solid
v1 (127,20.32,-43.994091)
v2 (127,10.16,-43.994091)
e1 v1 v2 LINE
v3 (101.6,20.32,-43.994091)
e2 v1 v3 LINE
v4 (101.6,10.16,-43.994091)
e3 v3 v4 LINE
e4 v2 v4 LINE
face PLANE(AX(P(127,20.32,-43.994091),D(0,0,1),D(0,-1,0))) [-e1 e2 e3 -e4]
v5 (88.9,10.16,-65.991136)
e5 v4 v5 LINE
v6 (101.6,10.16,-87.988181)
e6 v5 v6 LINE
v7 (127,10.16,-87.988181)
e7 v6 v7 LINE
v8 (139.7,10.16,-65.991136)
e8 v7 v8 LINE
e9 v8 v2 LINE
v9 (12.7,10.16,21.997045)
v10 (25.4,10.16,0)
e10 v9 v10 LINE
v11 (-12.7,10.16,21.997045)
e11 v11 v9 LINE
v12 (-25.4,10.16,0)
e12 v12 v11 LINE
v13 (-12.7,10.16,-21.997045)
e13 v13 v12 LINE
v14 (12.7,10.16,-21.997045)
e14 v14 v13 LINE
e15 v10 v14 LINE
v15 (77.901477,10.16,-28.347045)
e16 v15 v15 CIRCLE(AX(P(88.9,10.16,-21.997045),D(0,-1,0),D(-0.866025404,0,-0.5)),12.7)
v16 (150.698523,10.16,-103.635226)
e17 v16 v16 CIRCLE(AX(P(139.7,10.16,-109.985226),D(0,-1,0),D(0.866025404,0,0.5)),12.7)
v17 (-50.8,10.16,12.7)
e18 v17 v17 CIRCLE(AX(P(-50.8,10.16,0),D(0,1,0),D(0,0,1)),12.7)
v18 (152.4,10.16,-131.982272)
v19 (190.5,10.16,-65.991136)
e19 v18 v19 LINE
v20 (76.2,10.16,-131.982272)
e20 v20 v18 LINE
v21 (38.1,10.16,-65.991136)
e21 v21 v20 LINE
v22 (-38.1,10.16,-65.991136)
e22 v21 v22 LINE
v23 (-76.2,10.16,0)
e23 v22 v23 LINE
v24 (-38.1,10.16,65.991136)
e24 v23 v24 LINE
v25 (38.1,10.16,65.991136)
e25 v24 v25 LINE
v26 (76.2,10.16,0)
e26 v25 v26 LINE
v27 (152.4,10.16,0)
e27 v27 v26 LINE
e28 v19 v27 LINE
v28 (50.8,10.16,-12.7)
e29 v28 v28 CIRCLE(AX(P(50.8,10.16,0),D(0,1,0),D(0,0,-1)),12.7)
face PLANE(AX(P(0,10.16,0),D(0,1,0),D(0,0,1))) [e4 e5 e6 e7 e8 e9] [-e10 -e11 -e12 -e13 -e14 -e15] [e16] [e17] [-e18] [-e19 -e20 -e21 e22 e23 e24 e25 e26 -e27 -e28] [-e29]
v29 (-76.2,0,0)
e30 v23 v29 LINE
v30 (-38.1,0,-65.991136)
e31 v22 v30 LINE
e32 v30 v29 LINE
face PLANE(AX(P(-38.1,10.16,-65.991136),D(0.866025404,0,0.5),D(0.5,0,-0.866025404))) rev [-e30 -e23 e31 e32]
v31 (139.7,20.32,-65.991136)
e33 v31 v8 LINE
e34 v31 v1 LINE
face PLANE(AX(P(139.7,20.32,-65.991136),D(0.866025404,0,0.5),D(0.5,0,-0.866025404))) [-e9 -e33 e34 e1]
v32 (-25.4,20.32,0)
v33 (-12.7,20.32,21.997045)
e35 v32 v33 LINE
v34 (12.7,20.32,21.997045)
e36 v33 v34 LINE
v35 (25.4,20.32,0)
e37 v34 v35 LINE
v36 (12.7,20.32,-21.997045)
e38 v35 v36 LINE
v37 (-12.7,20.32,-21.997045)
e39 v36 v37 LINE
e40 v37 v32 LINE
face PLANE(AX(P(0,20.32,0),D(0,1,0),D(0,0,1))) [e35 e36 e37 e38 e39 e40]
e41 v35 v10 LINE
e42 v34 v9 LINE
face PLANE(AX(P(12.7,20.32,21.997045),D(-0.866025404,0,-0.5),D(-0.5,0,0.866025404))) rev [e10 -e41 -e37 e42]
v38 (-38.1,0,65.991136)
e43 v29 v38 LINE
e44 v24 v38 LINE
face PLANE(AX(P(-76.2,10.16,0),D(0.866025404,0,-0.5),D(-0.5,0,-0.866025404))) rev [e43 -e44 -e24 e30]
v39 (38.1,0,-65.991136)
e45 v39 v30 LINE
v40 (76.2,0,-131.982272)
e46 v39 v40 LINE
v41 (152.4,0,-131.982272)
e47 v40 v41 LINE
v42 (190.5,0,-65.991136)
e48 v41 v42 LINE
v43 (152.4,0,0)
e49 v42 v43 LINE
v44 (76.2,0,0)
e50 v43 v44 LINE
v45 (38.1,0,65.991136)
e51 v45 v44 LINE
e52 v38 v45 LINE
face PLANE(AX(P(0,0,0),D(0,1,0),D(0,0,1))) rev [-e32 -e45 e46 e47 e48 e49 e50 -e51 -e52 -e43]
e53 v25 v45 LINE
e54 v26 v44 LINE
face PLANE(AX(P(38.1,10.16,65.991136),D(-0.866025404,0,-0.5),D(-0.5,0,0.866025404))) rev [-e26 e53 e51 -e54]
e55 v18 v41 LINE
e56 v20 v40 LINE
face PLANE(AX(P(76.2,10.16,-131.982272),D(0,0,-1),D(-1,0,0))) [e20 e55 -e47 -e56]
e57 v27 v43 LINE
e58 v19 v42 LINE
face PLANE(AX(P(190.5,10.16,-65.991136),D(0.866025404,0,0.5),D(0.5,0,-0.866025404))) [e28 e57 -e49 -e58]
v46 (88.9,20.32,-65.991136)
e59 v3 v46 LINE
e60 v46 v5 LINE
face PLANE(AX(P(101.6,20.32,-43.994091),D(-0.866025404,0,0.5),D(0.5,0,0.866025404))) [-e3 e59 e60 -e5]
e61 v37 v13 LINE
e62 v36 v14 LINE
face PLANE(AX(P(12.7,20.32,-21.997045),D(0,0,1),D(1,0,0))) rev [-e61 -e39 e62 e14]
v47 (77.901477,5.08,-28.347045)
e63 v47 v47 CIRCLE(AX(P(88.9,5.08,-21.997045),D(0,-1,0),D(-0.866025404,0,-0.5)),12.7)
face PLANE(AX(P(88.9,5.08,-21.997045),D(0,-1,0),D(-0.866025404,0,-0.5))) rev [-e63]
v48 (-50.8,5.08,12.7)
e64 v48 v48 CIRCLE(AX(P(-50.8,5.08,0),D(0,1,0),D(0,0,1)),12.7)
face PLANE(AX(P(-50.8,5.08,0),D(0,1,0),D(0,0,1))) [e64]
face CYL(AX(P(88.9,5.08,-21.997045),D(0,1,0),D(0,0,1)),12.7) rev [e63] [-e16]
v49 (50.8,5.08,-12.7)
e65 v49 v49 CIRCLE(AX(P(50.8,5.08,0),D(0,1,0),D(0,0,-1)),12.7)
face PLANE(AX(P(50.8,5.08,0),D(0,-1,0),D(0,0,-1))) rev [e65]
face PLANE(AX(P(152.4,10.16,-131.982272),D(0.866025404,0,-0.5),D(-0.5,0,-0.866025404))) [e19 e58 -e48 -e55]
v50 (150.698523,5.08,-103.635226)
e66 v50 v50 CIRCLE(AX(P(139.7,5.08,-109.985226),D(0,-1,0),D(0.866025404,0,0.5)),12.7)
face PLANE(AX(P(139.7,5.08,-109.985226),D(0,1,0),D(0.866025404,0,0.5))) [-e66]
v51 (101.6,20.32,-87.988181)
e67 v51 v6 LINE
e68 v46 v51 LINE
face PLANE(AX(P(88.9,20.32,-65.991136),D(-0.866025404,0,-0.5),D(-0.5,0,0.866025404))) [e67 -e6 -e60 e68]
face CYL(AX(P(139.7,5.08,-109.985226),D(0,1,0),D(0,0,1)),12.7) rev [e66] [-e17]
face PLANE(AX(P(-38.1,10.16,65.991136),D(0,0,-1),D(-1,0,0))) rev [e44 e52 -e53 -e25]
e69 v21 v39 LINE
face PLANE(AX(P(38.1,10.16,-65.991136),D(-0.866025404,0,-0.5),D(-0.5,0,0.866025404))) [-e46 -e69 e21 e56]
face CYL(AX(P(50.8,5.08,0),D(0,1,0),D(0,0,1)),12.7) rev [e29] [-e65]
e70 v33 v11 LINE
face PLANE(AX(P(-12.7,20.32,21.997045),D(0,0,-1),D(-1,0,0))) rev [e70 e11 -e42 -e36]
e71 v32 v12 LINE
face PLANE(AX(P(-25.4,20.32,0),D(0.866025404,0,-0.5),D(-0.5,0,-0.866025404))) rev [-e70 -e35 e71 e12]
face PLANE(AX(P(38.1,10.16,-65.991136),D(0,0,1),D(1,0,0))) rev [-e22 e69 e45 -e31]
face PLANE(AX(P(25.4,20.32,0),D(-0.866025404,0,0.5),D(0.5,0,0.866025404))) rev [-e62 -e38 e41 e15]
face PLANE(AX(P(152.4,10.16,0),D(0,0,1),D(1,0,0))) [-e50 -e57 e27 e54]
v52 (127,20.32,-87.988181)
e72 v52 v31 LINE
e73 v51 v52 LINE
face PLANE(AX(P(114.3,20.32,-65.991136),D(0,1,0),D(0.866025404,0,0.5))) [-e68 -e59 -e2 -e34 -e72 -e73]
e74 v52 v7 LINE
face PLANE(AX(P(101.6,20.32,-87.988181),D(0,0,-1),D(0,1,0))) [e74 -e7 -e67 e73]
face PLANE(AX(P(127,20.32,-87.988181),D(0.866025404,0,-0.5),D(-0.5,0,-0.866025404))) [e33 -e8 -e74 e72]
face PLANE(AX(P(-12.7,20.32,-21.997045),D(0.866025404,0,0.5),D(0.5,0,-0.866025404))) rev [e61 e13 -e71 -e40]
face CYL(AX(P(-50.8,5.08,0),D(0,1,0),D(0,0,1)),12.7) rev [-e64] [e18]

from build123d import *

# Parameters (mm, degrees)
BOSS_EXTRUDE1_DEPTH = 10.16
SKETCH2_R           = 12.7
CUT_EXTRUDE1_DEPTH  = 5.08
BOSS_EXTRUDE2_DEPTH = 10.16


with BuildPart() as part:
    # Sketch1 → Boss-Extrude1 (new body)
    with BuildSketch(Plane(origin=(0, 0, 0), x_dir=(1, 0, 0), z_dir=(0, 1, 0))):
        Polygon((38.1, 65.991135768), (-38.1, 65.991135768), (-76.2, 0), (-38.1, -65.991135768), (38.1, -65.991135768), (76.2, 0), align=None)
    boss_extrude1 = extrude(amount=BOSS_EXTRUDE1_DEPTH)

    # Sketch2 → Cut-Extrude1 (cut)
    with BuildSketch(Plane(origin=(0, 10.16, 0), x_dir=(1, 0, 0), z_dir=(0, 1, 0))):
        with Locations((-50.8, 0)):
            Circle(SKETCH2_R)
        with Locations((50.8, 0)):
            Circle(SKETCH2_R)
    cut_extrude1 = extrude(amount=-CUT_EXTRUDE1_DEPTH, mode=Mode.SUBTRACT)

    # Mirror1: Boss-Extrude1, Cut-Extrude1 across plane
    add(boss_extrude1.mirror(Plane(origin=(76.2, 10.16, 0), x_dir=(0.5, 0, 0.866025404), z_dir=(-0.866025404, 0, 0.5))))
    add(cut_extrude1.mirror(Plane(origin=(76.2, 10.16, 0), x_dir=(0.5, 0, 0.866025404), z_dir=(-0.866025404, 0, 0.5))), mode=Mode.SUBTRACT)

    # Sketch3 → Boss-Extrude2 (add)
    with BuildSketch(Plane(origin=(0, 10.16, 0), x_dir=(1, 0, 0), z_dir=(0, 1, 0))):
        Polygon((12.7, 21.997045256), (-12.7, 21.997045256), (-25.4, 0), (-12.7, -21.997045256), (12.7, -21.997045256), (25.4, 0), align=None)
    boss_extrude2 = extrude(amount=BOSS_EXTRUDE2_DEPTH)

    # Mirror2: Boss-Extrude2 across plane
    add(boss_extrude2.mirror(Plane(origin=(57.15, 0, -32.995567884), x_dir=(0.5, 0, 0.866025404), z_dir=(0.866025404, 0, -0.5))))


solid = part.part
